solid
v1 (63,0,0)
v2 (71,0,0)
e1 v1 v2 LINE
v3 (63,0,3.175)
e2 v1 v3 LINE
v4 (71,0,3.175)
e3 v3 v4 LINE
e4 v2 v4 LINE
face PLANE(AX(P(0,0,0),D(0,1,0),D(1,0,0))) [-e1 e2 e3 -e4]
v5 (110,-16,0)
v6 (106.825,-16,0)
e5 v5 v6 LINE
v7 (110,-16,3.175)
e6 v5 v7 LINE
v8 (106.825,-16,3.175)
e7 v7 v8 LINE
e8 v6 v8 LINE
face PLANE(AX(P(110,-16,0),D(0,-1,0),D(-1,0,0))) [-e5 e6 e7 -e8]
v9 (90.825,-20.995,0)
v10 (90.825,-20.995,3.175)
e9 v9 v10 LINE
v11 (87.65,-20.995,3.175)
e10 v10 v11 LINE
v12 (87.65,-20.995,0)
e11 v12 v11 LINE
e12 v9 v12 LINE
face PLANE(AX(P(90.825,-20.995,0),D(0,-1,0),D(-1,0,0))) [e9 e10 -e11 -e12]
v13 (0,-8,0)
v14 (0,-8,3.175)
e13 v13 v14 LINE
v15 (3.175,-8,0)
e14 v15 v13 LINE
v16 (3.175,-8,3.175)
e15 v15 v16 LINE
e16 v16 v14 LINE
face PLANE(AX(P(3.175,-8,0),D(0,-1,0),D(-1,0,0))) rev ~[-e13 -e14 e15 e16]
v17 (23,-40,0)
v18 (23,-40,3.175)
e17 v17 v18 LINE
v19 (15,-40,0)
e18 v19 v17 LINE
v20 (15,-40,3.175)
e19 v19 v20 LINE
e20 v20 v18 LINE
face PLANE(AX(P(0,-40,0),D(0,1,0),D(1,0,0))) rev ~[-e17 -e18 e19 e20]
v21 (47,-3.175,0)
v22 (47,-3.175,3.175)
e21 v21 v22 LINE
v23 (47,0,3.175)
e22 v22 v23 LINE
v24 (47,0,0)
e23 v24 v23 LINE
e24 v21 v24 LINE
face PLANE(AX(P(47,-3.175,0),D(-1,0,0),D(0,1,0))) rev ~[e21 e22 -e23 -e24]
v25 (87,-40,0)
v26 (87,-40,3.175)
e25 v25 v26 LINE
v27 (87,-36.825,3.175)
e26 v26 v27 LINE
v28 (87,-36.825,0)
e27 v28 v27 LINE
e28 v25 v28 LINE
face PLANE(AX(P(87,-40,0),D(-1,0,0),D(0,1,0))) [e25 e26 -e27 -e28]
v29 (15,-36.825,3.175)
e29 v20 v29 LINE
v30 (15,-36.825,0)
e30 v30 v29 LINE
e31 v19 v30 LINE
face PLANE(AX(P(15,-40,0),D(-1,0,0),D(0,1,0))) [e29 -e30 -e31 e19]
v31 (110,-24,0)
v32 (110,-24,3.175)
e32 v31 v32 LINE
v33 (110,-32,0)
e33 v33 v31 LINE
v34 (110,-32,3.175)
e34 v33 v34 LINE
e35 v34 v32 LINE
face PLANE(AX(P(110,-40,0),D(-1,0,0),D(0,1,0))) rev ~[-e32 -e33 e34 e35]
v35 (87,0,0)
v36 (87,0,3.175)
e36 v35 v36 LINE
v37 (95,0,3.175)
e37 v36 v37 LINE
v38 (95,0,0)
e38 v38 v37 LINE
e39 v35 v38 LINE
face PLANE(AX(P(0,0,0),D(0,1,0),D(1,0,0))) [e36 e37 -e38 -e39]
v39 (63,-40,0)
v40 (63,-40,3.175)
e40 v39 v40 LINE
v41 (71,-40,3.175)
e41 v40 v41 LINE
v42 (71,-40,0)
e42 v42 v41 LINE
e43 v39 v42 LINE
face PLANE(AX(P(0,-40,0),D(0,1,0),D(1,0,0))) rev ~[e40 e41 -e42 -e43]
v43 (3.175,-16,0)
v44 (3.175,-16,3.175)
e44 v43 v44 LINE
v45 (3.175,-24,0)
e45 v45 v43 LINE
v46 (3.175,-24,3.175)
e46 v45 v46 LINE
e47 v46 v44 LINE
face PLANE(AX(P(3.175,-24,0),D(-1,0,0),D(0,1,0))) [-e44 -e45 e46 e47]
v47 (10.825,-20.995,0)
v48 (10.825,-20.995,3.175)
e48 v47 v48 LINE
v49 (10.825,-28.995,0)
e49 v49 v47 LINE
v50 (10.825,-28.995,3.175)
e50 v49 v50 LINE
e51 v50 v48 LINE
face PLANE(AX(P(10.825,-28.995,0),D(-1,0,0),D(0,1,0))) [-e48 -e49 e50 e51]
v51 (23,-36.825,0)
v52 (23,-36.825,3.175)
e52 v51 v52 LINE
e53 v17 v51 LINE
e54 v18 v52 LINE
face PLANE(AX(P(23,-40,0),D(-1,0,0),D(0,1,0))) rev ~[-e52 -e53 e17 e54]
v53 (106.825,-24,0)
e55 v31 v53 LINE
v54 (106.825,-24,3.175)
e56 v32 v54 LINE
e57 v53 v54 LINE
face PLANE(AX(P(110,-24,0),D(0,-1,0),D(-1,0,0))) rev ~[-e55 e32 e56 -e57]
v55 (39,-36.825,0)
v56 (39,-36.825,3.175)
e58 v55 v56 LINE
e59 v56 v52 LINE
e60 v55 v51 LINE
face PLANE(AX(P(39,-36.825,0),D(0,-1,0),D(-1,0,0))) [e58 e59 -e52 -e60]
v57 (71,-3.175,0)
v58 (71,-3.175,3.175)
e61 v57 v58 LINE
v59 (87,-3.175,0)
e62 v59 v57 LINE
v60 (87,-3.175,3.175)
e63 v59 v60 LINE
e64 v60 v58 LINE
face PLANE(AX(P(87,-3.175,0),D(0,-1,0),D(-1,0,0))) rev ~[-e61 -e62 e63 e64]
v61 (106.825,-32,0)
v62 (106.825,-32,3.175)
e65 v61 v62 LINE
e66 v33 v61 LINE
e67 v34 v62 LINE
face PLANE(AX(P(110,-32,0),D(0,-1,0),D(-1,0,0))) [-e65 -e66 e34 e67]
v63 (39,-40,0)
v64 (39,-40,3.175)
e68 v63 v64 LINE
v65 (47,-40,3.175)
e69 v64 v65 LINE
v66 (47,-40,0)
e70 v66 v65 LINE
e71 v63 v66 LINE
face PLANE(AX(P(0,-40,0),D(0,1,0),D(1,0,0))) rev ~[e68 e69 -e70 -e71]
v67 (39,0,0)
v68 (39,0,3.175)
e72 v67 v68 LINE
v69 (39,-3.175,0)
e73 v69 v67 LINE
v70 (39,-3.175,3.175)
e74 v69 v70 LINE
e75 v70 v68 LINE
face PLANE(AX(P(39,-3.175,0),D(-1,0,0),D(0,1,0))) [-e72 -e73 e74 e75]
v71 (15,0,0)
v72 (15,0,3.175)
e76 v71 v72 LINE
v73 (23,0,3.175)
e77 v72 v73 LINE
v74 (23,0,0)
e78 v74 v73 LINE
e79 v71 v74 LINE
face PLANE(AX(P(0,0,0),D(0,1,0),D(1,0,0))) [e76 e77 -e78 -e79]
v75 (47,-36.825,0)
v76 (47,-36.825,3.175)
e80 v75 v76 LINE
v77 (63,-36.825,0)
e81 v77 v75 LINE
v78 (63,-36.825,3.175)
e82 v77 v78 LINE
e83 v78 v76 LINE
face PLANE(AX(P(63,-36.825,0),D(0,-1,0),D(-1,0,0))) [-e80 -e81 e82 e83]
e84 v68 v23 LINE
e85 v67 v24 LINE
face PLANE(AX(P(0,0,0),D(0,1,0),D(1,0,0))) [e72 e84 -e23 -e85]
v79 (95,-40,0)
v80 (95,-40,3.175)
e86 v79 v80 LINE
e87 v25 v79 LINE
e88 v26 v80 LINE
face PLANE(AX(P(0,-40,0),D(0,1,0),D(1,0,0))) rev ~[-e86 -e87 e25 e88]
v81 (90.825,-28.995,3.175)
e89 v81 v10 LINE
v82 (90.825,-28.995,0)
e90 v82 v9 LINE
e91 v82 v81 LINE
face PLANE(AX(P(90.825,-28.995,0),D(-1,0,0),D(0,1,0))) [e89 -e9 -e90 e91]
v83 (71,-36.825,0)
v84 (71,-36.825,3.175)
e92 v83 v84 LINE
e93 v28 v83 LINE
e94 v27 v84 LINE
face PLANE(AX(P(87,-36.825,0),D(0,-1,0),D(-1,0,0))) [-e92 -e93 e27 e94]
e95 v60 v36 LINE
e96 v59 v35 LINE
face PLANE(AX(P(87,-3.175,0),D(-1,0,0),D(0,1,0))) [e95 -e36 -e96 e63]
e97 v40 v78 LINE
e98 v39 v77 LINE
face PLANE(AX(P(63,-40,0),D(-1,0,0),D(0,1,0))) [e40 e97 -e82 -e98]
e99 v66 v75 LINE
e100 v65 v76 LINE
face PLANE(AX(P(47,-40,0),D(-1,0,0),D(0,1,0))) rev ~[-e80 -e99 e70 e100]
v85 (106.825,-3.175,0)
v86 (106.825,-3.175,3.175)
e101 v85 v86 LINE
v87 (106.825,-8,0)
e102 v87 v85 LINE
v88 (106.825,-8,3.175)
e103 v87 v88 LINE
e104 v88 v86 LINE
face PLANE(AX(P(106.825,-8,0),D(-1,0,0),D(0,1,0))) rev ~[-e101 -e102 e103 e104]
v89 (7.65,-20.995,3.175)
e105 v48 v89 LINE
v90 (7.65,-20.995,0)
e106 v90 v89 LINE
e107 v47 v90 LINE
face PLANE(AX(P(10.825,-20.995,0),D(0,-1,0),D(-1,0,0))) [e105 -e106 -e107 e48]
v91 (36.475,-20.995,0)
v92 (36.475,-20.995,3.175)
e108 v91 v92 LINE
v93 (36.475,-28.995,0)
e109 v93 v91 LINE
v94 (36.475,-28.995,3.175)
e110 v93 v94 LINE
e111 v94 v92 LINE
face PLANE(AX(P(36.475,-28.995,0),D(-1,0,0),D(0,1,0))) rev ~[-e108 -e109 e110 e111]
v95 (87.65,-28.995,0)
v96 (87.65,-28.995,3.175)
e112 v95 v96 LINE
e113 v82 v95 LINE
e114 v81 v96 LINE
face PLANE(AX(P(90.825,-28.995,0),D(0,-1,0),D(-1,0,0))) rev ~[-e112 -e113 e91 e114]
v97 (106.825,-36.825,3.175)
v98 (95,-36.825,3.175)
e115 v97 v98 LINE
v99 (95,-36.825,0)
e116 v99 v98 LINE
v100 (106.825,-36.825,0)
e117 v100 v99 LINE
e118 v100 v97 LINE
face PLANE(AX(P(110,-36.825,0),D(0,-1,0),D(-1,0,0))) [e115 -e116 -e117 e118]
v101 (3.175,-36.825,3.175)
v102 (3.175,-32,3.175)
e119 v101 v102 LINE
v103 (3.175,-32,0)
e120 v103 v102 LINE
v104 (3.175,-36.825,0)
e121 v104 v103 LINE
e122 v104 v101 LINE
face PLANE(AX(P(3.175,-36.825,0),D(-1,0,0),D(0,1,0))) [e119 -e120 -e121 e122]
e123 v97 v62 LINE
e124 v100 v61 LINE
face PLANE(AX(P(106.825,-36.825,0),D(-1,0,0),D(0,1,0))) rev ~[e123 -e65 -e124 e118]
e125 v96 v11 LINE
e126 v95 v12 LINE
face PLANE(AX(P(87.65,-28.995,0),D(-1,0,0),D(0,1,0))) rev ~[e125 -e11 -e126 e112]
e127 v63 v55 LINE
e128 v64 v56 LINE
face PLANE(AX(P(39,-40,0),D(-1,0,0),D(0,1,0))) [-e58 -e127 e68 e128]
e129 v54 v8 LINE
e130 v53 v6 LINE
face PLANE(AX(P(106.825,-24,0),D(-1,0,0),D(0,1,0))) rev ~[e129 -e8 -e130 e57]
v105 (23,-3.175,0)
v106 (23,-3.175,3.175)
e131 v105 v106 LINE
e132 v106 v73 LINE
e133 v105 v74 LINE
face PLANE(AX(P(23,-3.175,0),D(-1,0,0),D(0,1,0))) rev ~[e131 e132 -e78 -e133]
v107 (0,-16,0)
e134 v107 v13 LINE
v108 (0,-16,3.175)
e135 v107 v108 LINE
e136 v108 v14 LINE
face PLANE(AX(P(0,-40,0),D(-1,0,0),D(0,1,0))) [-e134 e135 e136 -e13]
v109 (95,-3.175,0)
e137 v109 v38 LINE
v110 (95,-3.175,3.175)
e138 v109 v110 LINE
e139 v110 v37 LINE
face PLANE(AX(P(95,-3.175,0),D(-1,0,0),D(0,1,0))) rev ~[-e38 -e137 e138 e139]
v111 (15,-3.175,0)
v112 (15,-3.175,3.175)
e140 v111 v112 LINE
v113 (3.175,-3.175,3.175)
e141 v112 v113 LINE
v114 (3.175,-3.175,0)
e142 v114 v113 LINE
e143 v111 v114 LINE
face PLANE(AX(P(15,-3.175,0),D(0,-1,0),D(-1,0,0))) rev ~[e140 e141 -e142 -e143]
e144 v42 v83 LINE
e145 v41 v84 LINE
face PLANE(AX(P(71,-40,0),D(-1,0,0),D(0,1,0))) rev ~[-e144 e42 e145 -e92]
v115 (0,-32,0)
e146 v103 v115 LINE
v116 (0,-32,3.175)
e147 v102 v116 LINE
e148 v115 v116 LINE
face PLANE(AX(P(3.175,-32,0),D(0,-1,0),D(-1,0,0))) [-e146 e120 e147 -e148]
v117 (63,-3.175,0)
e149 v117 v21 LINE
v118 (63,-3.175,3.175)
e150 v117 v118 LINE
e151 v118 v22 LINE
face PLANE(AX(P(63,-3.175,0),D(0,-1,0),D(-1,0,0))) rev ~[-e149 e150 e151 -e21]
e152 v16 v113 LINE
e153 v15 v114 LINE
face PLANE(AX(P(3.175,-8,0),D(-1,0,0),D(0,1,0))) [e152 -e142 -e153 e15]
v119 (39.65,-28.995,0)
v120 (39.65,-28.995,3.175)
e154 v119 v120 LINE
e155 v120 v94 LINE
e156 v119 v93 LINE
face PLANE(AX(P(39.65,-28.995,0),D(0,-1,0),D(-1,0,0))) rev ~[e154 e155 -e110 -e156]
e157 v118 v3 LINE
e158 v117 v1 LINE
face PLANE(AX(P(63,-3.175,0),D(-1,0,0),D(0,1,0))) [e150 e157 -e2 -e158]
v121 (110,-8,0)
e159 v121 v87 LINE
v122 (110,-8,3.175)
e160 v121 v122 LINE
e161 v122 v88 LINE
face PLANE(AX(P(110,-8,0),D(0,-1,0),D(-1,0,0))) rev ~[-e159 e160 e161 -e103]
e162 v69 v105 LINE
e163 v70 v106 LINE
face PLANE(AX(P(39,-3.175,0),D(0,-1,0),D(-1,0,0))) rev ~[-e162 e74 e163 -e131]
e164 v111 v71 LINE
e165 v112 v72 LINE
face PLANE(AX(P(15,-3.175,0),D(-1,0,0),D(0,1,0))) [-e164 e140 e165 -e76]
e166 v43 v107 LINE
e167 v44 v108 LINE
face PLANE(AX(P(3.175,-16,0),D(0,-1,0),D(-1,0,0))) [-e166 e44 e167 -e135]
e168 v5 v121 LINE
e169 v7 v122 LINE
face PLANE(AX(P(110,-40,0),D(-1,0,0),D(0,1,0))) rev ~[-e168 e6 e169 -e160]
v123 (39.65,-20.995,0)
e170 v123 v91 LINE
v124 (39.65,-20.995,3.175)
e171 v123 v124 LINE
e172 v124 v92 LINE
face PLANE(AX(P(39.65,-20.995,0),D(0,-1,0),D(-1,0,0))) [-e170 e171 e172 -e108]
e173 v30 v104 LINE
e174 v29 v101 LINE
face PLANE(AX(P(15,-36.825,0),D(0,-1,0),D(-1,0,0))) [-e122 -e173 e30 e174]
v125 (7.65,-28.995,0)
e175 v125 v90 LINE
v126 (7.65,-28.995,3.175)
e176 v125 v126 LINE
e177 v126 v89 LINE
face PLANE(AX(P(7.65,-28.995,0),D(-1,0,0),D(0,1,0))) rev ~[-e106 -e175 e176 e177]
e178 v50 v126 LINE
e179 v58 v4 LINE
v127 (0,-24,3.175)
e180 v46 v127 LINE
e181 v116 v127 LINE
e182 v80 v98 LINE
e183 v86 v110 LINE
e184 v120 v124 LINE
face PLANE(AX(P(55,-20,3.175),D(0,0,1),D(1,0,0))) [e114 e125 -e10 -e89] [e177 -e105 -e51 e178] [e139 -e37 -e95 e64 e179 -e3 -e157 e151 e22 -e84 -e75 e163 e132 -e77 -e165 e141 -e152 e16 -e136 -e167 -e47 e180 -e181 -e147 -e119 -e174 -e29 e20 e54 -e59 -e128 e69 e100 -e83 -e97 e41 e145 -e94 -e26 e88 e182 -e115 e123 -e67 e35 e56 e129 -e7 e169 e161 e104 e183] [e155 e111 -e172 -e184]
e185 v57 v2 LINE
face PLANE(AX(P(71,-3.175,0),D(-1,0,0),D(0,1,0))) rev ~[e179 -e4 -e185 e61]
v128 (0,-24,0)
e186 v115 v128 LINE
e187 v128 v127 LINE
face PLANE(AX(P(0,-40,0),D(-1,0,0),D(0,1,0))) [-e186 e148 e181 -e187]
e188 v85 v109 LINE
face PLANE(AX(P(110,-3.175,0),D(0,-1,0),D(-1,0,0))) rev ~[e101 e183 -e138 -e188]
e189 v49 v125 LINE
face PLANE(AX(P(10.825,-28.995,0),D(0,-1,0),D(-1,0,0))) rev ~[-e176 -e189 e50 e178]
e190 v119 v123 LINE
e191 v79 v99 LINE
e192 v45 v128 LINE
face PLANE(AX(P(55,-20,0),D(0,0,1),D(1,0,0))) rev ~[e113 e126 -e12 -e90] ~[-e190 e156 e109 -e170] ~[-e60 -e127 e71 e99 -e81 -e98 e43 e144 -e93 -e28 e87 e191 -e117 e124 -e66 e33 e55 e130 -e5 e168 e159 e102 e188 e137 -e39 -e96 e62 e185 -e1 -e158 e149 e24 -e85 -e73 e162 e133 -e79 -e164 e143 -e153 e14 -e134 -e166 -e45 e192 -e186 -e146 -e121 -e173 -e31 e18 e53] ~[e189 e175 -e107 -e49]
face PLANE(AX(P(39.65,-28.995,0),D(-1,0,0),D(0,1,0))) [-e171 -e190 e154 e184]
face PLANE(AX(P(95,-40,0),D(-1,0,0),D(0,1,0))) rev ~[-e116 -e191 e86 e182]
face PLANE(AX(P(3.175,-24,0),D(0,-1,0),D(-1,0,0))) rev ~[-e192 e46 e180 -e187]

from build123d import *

# Parameters (mm, degrees)
SKETCH1_W           = 110
SKETCH1_H           = 40
BOSS_EXTRUDE1_DEPTH = 3.175
CUT_EXTRUDE5_REACH  = 5.175
SKETCH6_W           = 15
SKETCH6_H           = 3.175
SKETCH6_W_2         = 16
CUT_EXTRUDE6_REACH  = 5.175
SKETCH7_W           = 3.175
SKETCH7_H           = 4.825
SKETCH7_H_2         = 8
CUT_EXTRUDE7_REACH  = 5.175
SKETCH8_W           = 3.175
SKETCH8_H           = 8


with BuildPart() as part:
    # Sketch1 → Boss-Extrude1 (new body)
    with BuildSketch(Plane.XY):
        with Locations((55, -20)):
            Rectangle(SKETCH1_W, SKETCH1_H)
    extrude(amount=BOSS_EXTRUDE1_DEPTH)

    # Sketch6 → Cut-Extrude5 (cut, up to next)
    with BuildSketch(Plane(origin=(0, 0, 0), x_dir=(-1, 0, 0), z_dir=(0, 0, -1)), mode=Mode.PRIVATE) as cut_extrude5_sk1:
        with Locations((-102.5, -38.4125)):
            Rectangle(SKETCH6_W, SKETCH6_H)
    cut_extrude5_tool1 = extrude(cut_extrude5_sk1.sketch, amount=-CUT_EXTRUDE5_REACH, mode=Mode.PRIVATE) & part.part
    add(cut_extrude5_tool1.solids().sort_by_distance((102.5, -38.4125, 0))[0], mode=Mode.SUBTRACT)
    # Sketch6 → Cut-Extrude5 (cut, up to next)
    with BuildSketch(Plane(origin=(0, 0, 0), x_dir=(-1, 0, 0), z_dir=(0, 0, -1)), mode=Mode.PRIVATE) as cut_extrude5_sk2:
        with Locations((-55, -38.4125)):
            Rectangle(SKETCH6_W_2, SKETCH6_H)
    cut_extrude5_tool2 = extrude(cut_extrude5_sk2.sketch, amount=-CUT_EXTRUDE5_REACH, mode=Mode.PRIVATE) & part.part
    add(cut_extrude5_tool2.solids().sort_by_distance((55, -38.4125, 0))[0], mode=Mode.SUBTRACT)
    # Sketch6 → Cut-Extrude5 (cut, up to next)
    with BuildSketch(Plane(origin=(0, 0, 0), x_dir=(-1, 0, 0), z_dir=(0, 0, -1)), mode=Mode.PRIVATE) as cut_extrude5_sk3:
        with Locations((-31, -38.4125)):
            Rectangle(SKETCH6_W_2, SKETCH6_H)
    cut_extrude5_tool3 = extrude(cut_extrude5_sk3.sketch, amount=-CUT_EXTRUDE5_REACH, mode=Mode.PRIVATE) & part.part
    add(cut_extrude5_tool3.solids().sort_by_distance((31, -38.4125, 0))[0], mode=Mode.SUBTRACT)
    # Sketch6 → Cut-Extrude5 (cut, up to next)
    with BuildSketch(Plane(origin=(0, 0, 0), x_dir=(-1, 0, 0), z_dir=(0, 0, -1)), mode=Mode.PRIVATE) as cut_extrude5_sk4:
        with Locations((-7.5, -38.4125)):
            Rectangle(SKETCH6_W, SKETCH6_H)
    cut_extrude5_tool4 = extrude(cut_extrude5_sk4.sketch, amount=-CUT_EXTRUDE5_REACH, mode=Mode.PRIVATE) & part.part
    add(cut_extrude5_tool4.solids().sort_by_distance((7.5, -38.4125, 0))[0], mode=Mode.SUBTRACT)
    # Sketch6 → Cut-Extrude5 (cut, up to next)
    with BuildSketch(Plane(origin=(0, 0, 0), x_dir=(-1, 0, 0), z_dir=(0, 0, -1)), mode=Mode.PRIVATE) as cut_extrude5_sk5:
        with Locations((-79, -38.4125)):
            Rectangle(SKETCH6_W_2, SKETCH6_H)
    cut_extrude5_tool5 = extrude(cut_extrude5_sk5.sketch, amount=-CUT_EXTRUDE5_REACH, mode=Mode.PRIVATE) & part.part
    add(cut_extrude5_tool5.solids().sort_by_distance((79, -38.4125, 0))[0], mode=Mode.SUBTRACT)
    # Sketch6 → Cut-Extrude5 (cut, up to next)
    with BuildSketch(Plane(origin=(0, 0, 0), x_dir=(-1, 0, 0), z_dir=(0, 0, -1)), mode=Mode.PRIVATE) as cut_extrude5_sk6:
        with Locations((-55, -1.5875)):
            Rectangle(SKETCH6_W_2, SKETCH6_H)
    cut_extrude5_tool6 = extrude(cut_extrude5_sk6.sketch, amount=-CUT_EXTRUDE5_REACH, mode=Mode.PRIVATE) & part.part
    add(cut_extrude5_tool6.solids().sort_by_distance((55, -1.5875, 0))[0], mode=Mode.SUBTRACT)
    # Sketch6 → Cut-Extrude5 (cut, up to next)
    with BuildSketch(Plane(origin=(0, 0, 0), x_dir=(-1, 0, 0), z_dir=(0, 0, -1)), mode=Mode.PRIVATE) as cut_extrude5_sk7:
        with Locations((-79, -1.5875)):
            Rectangle(SKETCH6_W_2, SKETCH6_H)
    cut_extrude5_tool7 = extrude(cut_extrude5_sk7.sketch, amount=-CUT_EXTRUDE5_REACH, mode=Mode.PRIVATE) & part.part
    add(cut_extrude5_tool7.solids().sort_by_distance((79, -1.5875, 0))[0], mode=Mode.SUBTRACT)
    # Sketch6 → Cut-Extrude5 (cut, up to next)
    with BuildSketch(Plane(origin=(0, 0, 0), x_dir=(-1, 0, 0), z_dir=(0, 0, -1)), mode=Mode.PRIVATE) as cut_extrude5_sk8:
        with Locations((-102.5, -1.5875)):
            Rectangle(SKETCH6_W, SKETCH6_H)
    cut_extrude5_tool8 = extrude(cut_extrude5_sk8.sketch, amount=-CUT_EXTRUDE5_REACH, mode=Mode.PRIVATE) & part.part
    add(cut_extrude5_tool8.solids().sort_by_distance((102.5, -1.5875, 0))[0], mode=Mode.SUBTRACT)
    # Sketch6 → Cut-Extrude5 (cut, up to next)
    with BuildSketch(Plane(origin=(0, 0, 0), x_dir=(-1, 0, 0), z_dir=(0, 0, -1)), mode=Mode.PRIVATE) as cut_extrude5_sk9:
        with Locations((-7.5, -1.5875)):
            Rectangle(SKETCH6_W, SKETCH6_H)
    cut_extrude5_tool9 = extrude(cut_extrude5_sk9.sketch, amount=-CUT_EXTRUDE5_REACH, mode=Mode.PRIVATE) & part.part
    add(cut_extrude5_tool9.solids().sort_by_distance((7.5, -1.5875, 0))[0], mode=Mode.SUBTRACT)
    # Sketch6 → Cut-Extrude5 (cut, up to next)
    with BuildSketch(Plane(origin=(0, 0, 0), x_dir=(-1, 0, 0), z_dir=(0, 0, -1)), mode=Mode.PRIVATE) as cut_extrude5_sk10:
        with Locations((-31, -1.5875)):
            Rectangle(SKETCH6_W_2, SKETCH6_H)
    cut_extrude5_tool10 = extrude(cut_extrude5_sk10.sketch, amount=-CUT_EXTRUDE5_REACH, mode=Mode.PRIVATE) & part.part
    add(cut_extrude5_tool10.solids().sort_by_distance((31, -1.5875, 0))[0], mode=Mode.SUBTRACT)

    # Sketch7 → Cut-Extrude6 (cut, up to next)
    with BuildSketch(Plane(origin=(0, 0, 0), x_dir=(-1, 0, 0), z_dir=(0, 0, -1)), mode=Mode.PRIVATE) as cut_extrude6_sk1:
        with Locations((-108.4125, -34.4125)):
            Rectangle(SKETCH7_W, SKETCH7_H)
    cut_extrude6_tool1 = extrude(cut_extrude6_sk1.sketch, amount=-CUT_EXTRUDE6_REACH, mode=Mode.PRIVATE) & part.part
    add(cut_extrude6_tool1.solids().sort_by_distance((108.4125, -34.4125, 0))[0], mode=Mode.SUBTRACT)
    # Sketch7 → Cut-Extrude6 (cut, up to next)
    with BuildSketch(Plane(origin=(0, 0, 0), x_dir=(-1, 0, 0), z_dir=(0, 0, -1)), mode=Mode.PRIVATE) as cut_extrude6_sk2:
        with Locations((-108.4125, -20)):
            Rectangle(SKETCH7_W, SKETCH7_H_2)
    cut_extrude6_tool2 = extrude(cut_extrude6_sk2.sketch, amount=-CUT_EXTRUDE6_REACH, mode=Mode.PRIVATE) & part.part
    add(cut_extrude6_tool2.solids().sort_by_distance((108.4125, -20, 0))[0], mode=Mode.SUBTRACT)
    # Sketch7 → Cut-Extrude6 (cut, up to next)
    with BuildSketch(Plane(origin=(0, 0, 0), x_dir=(-1, 0, 0), z_dir=(0, 0, -1)), mode=Mode.PRIVATE) as cut_extrude6_sk3:
        with Locations((-108.4125, -5.5875)):
            Rectangle(SKETCH7_W, SKETCH7_H)
    cut_extrude6_tool3 = extrude(cut_extrude6_sk3.sketch, amount=-CUT_EXTRUDE6_REACH, mode=Mode.PRIVATE) & part.part
    add(cut_extrude6_tool3.solids().sort_by_distance((108.4125, -5.5875, 0))[0], mode=Mode.SUBTRACT)
    # Sketch7 → Cut-Extrude6 (cut, up to next)
    with BuildSketch(Plane(origin=(0, 0, 0), x_dir=(-1, 0, 0), z_dir=(0, 0, -1)), mode=Mode.PRIVATE) as cut_extrude6_sk4:
        with Locations((-1.5875, -20)):
            Rectangle(SKETCH7_W, SKETCH7_H_2)
    cut_extrude6_tool4 = extrude(cut_extrude6_sk4.sketch, amount=-CUT_EXTRUDE6_REACH, mode=Mode.PRIVATE) & part.part
    add(cut_extrude6_tool4.solids().sort_by_distance((1.5875, -20, 0))[0], mode=Mode.SUBTRACT)
    # Sketch7 → Cut-Extrude6 (cut, up to next)
    with BuildSketch(Plane(origin=(0, 0, 0), x_dir=(-1, 0, 0), z_dir=(0, 0, -1)), mode=Mode.PRIVATE) as cut_extrude6_sk5:
        with Locations((-1.5875, -34.4125)):
            Rectangle(SKETCH7_W, SKETCH7_H)
    cut_extrude6_tool5 = extrude(cut_extrude6_sk5.sketch, amount=-CUT_EXTRUDE6_REACH, mode=Mode.PRIVATE) & part.part
    add(cut_extrude6_tool5.solids().sort_by_distance((1.5875, -34.4125, 0))[0], mode=Mode.SUBTRACT)
    # Sketch7 → Cut-Extrude6 (cut, up to next)
    with BuildSketch(Plane(origin=(0, 0, 0), x_dir=(-1, 0, 0), z_dir=(0, 0, -1)), mode=Mode.PRIVATE) as cut_extrude6_sk6:
        with Locations((-1.5875, -5.5875)):
            Rectangle(SKETCH7_W, SKETCH7_H)
    cut_extrude6_tool6 = extrude(cut_extrude6_sk6.sketch, amount=-CUT_EXTRUDE6_REACH, mode=Mode.PRIVATE) & part.part
    add(cut_extrude6_tool6.solids().sort_by_distance((1.5875, -5.5875, 0))[0], mode=Mode.SUBTRACT)

    # Sketch8 → Cut-Extrude7 (cut, up to next)
    with BuildSketch(Plane(origin=(0, 0, 0), x_dir=(-1, 0, 0), z_dir=(0, 0, -1)), mode=Mode.PRIVATE) as cut_extrude7_sk1:
        with Locations((-38.0625, -24.995)):
            Rectangle(SKETCH8_W, SKETCH8_H)
    cut_extrude7_tool1 = extrude(cut_extrude7_sk1.sketch, amount=-CUT_EXTRUDE7_REACH, mode=Mode.PRIVATE) & part.part
    add(cut_extrude7_tool1.solids().sort_by_distance((38.0625, -24.995, 0))[0], mode=Mode.SUBTRACT)
    # Sketch8 → Cut-Extrude7 (cut, up to next)
    with BuildSketch(Plane(origin=(0, 0, 0), x_dir=(-1, 0, 0), z_dir=(0, 0, -1)), mode=Mode.PRIVATE) as cut_extrude7_sk2:
        with Locations((-89.2375, -24.995)):
            Rectangle(SKETCH8_W, SKETCH8_H)
    cut_extrude7_tool2 = extrude(cut_extrude7_sk2.sketch, amount=-CUT_EXTRUDE7_REACH, mode=Mode.PRIVATE) & part.part
    add(cut_extrude7_tool2.solids().sort_by_distance((89.2375, -24.995, 0))[0], mode=Mode.SUBTRACT)
    # Sketch8 → Cut-Extrude7 (cut, up to next)
    with BuildSketch(Plane(origin=(0, 0, 0), x_dir=(-1, 0, 0), z_dir=(0, 0, -1)), mode=Mode.PRIVATE) as cut_extrude7_sk3:
        with Locations((-9.2375, -24.995)):
            Rectangle(SKETCH8_W, SKETCH8_H)
    cut_extrude7_tool3 = extrude(cut_extrude7_sk3.sketch, amount=-CUT_EXTRUDE7_REACH, mode=Mode.PRIVATE) & part.part
    add(cut_extrude7_tool3.solids().sort_by_distance((9.2375, -24.995, 0))[0], mode=Mode.SUBTRACT)


solid = part.part
